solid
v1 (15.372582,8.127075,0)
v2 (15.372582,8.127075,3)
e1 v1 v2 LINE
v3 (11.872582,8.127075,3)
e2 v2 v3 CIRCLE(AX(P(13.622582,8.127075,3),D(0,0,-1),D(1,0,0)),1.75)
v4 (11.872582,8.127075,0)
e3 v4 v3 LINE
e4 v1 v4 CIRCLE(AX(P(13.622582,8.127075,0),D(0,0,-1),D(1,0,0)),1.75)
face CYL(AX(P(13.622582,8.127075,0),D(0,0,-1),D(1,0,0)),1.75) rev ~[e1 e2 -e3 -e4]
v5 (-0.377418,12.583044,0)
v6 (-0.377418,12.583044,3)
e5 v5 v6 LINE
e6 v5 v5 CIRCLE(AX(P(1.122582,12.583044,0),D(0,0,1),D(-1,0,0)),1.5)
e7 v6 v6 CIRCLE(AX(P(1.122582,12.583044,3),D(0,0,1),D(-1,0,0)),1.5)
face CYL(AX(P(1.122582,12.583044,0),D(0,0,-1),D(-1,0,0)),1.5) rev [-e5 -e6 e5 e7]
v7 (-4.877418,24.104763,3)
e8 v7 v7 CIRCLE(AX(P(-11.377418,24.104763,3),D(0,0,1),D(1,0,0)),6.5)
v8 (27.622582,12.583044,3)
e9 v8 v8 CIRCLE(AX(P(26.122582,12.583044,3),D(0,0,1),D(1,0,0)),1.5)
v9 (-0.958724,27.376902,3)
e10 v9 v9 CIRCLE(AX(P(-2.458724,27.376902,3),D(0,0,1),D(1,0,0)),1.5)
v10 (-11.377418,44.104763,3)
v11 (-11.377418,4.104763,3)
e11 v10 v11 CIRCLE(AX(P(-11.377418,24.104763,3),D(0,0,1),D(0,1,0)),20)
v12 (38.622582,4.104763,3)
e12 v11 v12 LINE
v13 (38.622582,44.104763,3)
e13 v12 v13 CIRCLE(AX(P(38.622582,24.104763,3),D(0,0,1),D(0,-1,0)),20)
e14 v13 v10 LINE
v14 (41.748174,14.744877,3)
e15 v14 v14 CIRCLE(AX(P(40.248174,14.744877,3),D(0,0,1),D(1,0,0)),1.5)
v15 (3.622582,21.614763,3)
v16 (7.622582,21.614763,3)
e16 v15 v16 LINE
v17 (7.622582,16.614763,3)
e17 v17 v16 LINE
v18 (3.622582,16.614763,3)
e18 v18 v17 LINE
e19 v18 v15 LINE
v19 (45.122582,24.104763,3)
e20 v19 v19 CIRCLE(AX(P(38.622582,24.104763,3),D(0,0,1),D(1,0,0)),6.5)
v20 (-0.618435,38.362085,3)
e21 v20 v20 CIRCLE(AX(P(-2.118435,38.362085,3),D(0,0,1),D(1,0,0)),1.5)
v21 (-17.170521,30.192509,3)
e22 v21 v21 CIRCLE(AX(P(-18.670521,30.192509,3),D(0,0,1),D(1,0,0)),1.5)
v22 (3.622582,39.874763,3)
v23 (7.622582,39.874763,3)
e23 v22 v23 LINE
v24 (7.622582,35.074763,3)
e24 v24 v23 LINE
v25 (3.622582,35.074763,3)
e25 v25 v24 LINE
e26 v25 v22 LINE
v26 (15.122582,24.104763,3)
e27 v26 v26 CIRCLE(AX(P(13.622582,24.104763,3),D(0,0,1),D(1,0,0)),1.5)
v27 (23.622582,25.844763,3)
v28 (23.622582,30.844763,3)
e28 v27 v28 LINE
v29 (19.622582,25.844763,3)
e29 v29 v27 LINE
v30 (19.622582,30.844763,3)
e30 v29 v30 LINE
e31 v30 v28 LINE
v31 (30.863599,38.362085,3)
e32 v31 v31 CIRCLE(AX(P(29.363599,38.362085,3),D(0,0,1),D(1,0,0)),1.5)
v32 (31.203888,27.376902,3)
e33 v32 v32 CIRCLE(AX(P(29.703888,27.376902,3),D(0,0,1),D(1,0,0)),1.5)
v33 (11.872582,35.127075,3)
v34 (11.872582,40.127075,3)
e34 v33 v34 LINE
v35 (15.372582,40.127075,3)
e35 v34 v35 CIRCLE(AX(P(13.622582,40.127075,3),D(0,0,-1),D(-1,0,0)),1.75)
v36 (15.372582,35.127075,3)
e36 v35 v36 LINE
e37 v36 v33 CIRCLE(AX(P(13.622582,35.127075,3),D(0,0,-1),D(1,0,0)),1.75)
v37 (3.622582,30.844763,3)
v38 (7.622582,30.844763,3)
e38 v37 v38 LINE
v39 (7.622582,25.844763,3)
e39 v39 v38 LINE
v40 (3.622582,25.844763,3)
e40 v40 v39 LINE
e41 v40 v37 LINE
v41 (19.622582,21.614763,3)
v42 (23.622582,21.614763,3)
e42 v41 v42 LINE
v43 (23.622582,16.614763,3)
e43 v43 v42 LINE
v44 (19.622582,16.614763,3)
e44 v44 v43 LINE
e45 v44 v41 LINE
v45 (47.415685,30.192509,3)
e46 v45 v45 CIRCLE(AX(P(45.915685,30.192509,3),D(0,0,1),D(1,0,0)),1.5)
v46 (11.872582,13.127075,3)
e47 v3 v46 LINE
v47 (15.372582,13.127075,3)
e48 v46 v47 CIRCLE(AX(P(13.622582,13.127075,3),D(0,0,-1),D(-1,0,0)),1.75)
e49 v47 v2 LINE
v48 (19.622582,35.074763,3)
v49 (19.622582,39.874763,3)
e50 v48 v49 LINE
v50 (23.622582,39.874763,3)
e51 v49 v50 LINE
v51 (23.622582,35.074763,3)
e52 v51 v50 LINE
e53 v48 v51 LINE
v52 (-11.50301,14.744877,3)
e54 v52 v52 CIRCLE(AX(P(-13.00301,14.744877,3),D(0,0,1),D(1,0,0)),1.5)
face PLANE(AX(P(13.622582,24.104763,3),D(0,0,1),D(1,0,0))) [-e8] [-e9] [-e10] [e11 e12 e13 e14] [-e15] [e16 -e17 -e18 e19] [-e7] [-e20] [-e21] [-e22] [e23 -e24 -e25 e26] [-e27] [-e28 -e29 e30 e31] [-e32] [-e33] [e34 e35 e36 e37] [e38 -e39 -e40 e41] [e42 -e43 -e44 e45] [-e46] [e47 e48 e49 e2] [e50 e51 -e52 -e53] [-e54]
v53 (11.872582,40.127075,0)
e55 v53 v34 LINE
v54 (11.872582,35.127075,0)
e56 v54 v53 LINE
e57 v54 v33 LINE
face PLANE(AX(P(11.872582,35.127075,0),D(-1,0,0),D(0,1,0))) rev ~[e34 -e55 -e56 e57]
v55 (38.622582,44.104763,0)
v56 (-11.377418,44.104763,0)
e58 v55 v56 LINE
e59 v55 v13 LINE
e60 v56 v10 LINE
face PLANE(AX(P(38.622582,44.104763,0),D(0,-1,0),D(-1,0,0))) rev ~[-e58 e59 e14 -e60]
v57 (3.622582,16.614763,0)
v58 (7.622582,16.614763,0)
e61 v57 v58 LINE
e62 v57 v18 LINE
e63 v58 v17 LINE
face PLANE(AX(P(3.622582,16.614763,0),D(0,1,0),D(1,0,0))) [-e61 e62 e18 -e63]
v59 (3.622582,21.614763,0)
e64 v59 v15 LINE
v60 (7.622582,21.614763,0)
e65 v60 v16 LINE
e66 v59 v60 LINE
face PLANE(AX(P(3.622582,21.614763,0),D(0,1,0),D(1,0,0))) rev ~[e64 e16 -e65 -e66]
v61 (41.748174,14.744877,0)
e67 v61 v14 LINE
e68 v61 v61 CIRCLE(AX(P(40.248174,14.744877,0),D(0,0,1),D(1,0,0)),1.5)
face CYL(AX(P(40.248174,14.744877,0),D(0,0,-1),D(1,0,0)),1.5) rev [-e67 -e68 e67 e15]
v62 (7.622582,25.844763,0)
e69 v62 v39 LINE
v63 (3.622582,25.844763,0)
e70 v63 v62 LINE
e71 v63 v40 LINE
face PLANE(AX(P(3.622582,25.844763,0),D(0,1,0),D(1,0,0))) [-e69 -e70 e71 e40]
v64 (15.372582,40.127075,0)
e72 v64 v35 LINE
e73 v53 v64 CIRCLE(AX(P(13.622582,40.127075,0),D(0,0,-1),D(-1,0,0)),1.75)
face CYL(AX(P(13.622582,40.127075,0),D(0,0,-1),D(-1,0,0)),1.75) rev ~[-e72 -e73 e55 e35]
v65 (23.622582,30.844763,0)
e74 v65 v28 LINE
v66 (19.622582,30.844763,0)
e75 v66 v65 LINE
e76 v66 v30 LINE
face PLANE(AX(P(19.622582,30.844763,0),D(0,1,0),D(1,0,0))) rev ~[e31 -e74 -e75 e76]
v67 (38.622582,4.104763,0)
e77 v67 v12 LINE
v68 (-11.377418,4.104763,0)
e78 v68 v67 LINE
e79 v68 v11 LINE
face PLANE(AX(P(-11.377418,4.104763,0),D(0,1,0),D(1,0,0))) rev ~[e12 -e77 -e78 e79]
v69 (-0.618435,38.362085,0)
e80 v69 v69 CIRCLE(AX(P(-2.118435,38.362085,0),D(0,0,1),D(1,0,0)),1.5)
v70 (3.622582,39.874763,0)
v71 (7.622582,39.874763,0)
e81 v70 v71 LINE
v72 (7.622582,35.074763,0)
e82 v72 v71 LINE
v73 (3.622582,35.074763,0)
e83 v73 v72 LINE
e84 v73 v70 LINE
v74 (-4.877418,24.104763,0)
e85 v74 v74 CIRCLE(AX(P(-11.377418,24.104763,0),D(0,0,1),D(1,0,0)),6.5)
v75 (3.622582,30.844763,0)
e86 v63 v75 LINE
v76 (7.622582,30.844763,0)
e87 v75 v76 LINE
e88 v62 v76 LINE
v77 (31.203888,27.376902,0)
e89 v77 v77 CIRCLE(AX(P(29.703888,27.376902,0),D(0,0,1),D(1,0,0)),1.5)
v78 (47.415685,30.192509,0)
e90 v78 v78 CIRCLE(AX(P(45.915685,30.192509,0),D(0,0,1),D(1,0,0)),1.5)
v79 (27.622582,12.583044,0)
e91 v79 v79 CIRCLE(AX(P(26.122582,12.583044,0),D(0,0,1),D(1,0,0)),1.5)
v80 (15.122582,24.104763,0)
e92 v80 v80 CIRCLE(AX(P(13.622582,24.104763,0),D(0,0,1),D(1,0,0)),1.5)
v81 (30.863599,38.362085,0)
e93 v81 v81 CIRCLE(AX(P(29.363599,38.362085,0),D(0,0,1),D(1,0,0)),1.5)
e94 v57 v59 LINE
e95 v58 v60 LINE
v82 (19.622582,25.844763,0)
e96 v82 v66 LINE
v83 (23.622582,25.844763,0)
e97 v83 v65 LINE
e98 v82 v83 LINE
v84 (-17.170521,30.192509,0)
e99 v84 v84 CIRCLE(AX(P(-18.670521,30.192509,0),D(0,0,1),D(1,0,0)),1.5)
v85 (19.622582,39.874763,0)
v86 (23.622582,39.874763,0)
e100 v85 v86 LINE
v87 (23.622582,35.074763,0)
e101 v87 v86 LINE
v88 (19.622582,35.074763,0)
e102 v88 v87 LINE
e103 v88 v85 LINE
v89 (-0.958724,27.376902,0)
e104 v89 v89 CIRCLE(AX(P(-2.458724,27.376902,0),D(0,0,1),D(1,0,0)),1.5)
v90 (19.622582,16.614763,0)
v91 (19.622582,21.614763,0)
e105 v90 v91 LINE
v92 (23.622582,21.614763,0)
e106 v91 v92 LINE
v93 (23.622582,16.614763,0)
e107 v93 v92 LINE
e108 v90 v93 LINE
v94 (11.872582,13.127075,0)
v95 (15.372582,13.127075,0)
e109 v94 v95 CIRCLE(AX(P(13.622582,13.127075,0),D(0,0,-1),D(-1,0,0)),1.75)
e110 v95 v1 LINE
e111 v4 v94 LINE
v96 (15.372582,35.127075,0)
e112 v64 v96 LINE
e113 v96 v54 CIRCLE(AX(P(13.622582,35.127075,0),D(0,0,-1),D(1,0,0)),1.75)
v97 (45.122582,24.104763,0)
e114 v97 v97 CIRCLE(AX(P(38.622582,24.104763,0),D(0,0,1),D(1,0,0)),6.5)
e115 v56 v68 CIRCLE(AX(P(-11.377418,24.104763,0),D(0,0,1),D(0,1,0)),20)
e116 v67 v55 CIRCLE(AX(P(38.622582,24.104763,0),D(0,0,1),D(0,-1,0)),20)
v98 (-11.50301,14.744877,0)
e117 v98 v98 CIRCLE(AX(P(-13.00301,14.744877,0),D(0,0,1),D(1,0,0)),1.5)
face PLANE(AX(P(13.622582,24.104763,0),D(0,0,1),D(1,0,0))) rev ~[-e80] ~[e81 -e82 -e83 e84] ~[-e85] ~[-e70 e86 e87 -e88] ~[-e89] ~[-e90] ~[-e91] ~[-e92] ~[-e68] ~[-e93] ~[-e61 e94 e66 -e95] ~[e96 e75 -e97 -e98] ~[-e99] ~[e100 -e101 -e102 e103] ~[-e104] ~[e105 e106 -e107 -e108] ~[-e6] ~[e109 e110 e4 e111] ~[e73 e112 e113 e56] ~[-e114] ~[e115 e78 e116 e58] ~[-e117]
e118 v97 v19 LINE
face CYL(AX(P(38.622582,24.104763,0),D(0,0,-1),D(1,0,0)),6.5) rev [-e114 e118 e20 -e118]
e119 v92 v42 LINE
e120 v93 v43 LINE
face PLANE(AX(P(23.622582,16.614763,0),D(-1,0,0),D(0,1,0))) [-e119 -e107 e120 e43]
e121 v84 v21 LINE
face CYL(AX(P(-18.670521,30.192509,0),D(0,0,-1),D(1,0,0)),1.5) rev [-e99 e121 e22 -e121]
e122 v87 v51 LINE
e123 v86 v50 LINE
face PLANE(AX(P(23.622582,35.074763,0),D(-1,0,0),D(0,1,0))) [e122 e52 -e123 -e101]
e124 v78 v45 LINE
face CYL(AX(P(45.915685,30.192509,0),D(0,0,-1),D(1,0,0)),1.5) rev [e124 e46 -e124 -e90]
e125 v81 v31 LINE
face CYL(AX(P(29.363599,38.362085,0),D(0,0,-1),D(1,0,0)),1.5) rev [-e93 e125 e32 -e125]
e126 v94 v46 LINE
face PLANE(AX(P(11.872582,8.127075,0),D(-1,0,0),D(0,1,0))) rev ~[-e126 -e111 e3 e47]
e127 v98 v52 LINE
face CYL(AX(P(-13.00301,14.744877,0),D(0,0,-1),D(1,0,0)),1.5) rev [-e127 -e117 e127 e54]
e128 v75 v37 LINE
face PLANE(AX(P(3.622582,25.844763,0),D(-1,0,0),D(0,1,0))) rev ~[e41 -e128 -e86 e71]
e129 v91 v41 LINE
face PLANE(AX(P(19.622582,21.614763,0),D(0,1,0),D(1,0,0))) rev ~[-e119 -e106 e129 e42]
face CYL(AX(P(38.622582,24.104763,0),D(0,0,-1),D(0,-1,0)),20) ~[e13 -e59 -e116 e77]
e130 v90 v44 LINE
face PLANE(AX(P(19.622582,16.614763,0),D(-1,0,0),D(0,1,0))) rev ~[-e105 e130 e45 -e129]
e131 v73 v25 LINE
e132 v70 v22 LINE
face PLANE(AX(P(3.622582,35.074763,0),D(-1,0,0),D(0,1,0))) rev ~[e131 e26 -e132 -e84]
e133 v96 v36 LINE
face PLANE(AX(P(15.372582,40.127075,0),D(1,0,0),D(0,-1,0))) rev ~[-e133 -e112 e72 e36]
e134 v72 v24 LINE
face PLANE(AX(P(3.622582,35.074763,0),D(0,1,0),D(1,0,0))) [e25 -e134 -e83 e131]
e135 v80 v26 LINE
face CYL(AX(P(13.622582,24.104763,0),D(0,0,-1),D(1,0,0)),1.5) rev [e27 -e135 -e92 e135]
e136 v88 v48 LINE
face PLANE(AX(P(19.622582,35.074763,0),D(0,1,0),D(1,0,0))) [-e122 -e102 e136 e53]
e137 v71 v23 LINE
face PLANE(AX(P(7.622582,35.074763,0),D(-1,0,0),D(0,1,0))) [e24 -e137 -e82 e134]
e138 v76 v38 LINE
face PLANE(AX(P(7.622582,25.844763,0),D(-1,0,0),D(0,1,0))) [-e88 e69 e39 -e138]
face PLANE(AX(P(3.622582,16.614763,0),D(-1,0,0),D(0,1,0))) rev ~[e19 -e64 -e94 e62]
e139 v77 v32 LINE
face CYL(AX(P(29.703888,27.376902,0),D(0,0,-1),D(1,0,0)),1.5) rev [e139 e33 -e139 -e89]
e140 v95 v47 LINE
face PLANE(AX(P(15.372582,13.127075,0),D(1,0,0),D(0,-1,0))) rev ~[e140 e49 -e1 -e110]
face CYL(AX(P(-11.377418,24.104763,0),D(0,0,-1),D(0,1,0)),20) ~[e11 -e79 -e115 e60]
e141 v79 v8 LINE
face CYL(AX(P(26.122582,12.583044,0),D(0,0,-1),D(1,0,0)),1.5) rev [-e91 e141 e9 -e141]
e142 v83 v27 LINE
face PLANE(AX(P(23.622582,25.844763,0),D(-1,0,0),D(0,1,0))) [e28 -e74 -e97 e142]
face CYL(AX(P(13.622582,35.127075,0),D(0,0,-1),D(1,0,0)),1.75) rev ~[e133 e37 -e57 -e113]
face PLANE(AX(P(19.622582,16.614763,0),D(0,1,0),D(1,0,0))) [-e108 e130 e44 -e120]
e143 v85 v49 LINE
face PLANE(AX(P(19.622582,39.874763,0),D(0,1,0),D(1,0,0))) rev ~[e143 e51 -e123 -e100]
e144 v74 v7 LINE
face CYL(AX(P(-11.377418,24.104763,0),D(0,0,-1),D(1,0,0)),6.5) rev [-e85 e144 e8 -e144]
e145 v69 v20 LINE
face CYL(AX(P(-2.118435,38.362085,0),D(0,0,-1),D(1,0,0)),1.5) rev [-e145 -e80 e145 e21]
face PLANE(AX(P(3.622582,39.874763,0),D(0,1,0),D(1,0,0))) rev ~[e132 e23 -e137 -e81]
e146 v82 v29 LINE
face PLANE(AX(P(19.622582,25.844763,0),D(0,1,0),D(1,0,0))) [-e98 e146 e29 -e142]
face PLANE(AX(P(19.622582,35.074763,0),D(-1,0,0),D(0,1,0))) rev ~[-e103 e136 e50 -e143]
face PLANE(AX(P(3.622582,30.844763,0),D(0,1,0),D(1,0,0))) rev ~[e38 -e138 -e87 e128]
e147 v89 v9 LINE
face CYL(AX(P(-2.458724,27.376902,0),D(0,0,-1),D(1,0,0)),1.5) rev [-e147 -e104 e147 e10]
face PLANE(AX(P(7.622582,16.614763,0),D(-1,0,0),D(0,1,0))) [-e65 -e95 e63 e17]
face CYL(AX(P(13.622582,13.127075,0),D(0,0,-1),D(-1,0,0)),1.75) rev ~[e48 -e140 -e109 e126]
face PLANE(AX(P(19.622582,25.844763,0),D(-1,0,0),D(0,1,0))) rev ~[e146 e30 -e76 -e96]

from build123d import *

# Parameters (mm, degrees)
SKETCH_1_R      = 1.5
SKETCH_1_R_2    = 6.5
SKETCH_1_W      = 4
SKETCH_1_H      = 4.8
SKETCH_1_H_2    = 5
EXTRUDE_1_DEPTH = 3


with BuildPart() as part:
    # 草图1 → 凸台-拉伸1 (new body)
    with BuildSketch(Plane.XY):
        with BuildLine():
            Line((38.62258193, 44.104762576), (19.62258193, 44.104762576))
            Line((19.62258193, 44.104762576), (17.62258193, 44.104762576))
            Line((17.62258193, 44.104762576), (9.62258193, 44.104762576))
            Line((9.62258193, 44.104762576), (7.62258193, 44.104762576))
            Line((7.62258193, 44.104762576), (-11.37741807, 44.104762576))
            ThreePointArc((-11.37741807, 44.104762576), (-31.37741807, 24.104762576), (-11.37741807, 4.104762576))
            Line((-11.37741807, 4.104762576), (38.62258193, 4.104762576))
            ThreePointArc((38.62258193, 4.104762576), (58.62258193, 24.104762576), (38.62258193, 44.104762576))
        make_face()
        with Locations((29.703887727, 27.376901588)):
            Circle(SKETCH_1_R, mode=Mode.SUBTRACT)
        with Locations((-2.458723867, 27.376901588)):
            Circle(SKETCH_1_R, mode=Mode.SUBTRACT)
        with Locations((-13.003009663, 14.744877322)):
            Circle(SKETCH_1_R, mode=Mode.SUBTRACT)
        with Locations((-18.670520681, 30.192508819)):
            Circle(SKETCH_1_R, mode=Mode.SUBTRACT)
        with Locations((45.91568454, 30.192508819)):
            Circle(SKETCH_1_R, mode=Mode.SUBTRACT)
        with Locations((-11.37741807, 24.104762576)):
            Circle(SKETCH_1_R_2, mode=Mode.SUBTRACT)
        with Locations((38.62258193, 24.104762576)):
            Circle(SKETCH_1_R_2, mode=Mode.SUBTRACT)
        with Locations((29.363598717, 38.36208455)):
            Circle(SKETCH_1_R, mode=Mode.SUBTRACT)
        with Locations((13.62258193, 24.104762576)):
            Circle(SKETCH_1_R, mode=Mode.SUBTRACT)
        with Locations((-2.118434858, 38.36208455)):
            Circle(SKETCH_1_R, mode=Mode.SUBTRACT)
        with Locations((40.248173522, 14.744877322)):
            Circle(SKETCH_1_R, mode=Mode.SUBTRACT)
        with Locations((26.12258193, 12.583043954)):
            Circle(SKETCH_1_R, mode=Mode.SUBTRACT)
        with Locations(Location((1.12258193, 12.583043954, 0), (0, 0, 180))):
            Circle(SKETCH_1_R, mode=Mode.SUBTRACT)
        with Locations((21.62258193, 37.474762576)):
            Rectangle(SKETCH_1_W, SKETCH_1_H, mode=Mode.SUBTRACT)
        with Locations((21.62258193, 28.344762576)):
            Rectangle(SKETCH_1_W, SKETCH_1_H_2, mode=Mode.SUBTRACT)
        with Locations((5.62258193, 37.474762576)):
            Rectangle(SKETCH_1_W, SKETCH_1_H, mode=Mode.SUBTRACT)
        with Locations((5.62258193, 28.344762576)):
            Rectangle(SKETCH_1_W, SKETCH_1_H_2, mode=Mode.SUBTRACT)
        with Locations((5.62258193, 19.114762576)):
            Rectangle(SKETCH_1_W, SKETCH_1_H_2, mode=Mode.SUBTRACT)
        with Locations((21.62258193, 19.114762576)):
            Rectangle(SKETCH_1_W, SKETCH_1_H_2, mode=Mode.SUBTRACT)
        with BuildLine():
            Line((11.87258193, 8.127075217), (11.87258193, 13.127075217))
            ThreePointArc((11.87258193, 13.127075217), (13.62258193, 14.877075217), (15.37258193, 13.127075217))
            Line((15.37258193, 13.127075217), (15.37258193, 8.127075217))
            ThreePointArc((15.37258193, 8.127075217), (13.62258193, 6.377075217), (11.87258193, 8.127075217))
        make_face(mode=Mode.SUBTRACT)
        with BuildLine():
            Line((15.37258193, 40.127075217), (15.37258193, 35.127075217))
            ThreePointArc((15.37258193, 35.127075217), (13.62258193, 33.377075217), (11.87258193, 35.127075217))
            Line((11.87258193, 35.127075217), (11.87258193, 40.127075217))
            ThreePointArc((11.87258193, 40.127075217), (13.62258193, 41.877075217), (15.37258193, 40.127075217))
        make_face(mode=Mode.SUBTRACT)
    extrude(amount=EXTRUDE_1_DEPTH)


solid = part.part
